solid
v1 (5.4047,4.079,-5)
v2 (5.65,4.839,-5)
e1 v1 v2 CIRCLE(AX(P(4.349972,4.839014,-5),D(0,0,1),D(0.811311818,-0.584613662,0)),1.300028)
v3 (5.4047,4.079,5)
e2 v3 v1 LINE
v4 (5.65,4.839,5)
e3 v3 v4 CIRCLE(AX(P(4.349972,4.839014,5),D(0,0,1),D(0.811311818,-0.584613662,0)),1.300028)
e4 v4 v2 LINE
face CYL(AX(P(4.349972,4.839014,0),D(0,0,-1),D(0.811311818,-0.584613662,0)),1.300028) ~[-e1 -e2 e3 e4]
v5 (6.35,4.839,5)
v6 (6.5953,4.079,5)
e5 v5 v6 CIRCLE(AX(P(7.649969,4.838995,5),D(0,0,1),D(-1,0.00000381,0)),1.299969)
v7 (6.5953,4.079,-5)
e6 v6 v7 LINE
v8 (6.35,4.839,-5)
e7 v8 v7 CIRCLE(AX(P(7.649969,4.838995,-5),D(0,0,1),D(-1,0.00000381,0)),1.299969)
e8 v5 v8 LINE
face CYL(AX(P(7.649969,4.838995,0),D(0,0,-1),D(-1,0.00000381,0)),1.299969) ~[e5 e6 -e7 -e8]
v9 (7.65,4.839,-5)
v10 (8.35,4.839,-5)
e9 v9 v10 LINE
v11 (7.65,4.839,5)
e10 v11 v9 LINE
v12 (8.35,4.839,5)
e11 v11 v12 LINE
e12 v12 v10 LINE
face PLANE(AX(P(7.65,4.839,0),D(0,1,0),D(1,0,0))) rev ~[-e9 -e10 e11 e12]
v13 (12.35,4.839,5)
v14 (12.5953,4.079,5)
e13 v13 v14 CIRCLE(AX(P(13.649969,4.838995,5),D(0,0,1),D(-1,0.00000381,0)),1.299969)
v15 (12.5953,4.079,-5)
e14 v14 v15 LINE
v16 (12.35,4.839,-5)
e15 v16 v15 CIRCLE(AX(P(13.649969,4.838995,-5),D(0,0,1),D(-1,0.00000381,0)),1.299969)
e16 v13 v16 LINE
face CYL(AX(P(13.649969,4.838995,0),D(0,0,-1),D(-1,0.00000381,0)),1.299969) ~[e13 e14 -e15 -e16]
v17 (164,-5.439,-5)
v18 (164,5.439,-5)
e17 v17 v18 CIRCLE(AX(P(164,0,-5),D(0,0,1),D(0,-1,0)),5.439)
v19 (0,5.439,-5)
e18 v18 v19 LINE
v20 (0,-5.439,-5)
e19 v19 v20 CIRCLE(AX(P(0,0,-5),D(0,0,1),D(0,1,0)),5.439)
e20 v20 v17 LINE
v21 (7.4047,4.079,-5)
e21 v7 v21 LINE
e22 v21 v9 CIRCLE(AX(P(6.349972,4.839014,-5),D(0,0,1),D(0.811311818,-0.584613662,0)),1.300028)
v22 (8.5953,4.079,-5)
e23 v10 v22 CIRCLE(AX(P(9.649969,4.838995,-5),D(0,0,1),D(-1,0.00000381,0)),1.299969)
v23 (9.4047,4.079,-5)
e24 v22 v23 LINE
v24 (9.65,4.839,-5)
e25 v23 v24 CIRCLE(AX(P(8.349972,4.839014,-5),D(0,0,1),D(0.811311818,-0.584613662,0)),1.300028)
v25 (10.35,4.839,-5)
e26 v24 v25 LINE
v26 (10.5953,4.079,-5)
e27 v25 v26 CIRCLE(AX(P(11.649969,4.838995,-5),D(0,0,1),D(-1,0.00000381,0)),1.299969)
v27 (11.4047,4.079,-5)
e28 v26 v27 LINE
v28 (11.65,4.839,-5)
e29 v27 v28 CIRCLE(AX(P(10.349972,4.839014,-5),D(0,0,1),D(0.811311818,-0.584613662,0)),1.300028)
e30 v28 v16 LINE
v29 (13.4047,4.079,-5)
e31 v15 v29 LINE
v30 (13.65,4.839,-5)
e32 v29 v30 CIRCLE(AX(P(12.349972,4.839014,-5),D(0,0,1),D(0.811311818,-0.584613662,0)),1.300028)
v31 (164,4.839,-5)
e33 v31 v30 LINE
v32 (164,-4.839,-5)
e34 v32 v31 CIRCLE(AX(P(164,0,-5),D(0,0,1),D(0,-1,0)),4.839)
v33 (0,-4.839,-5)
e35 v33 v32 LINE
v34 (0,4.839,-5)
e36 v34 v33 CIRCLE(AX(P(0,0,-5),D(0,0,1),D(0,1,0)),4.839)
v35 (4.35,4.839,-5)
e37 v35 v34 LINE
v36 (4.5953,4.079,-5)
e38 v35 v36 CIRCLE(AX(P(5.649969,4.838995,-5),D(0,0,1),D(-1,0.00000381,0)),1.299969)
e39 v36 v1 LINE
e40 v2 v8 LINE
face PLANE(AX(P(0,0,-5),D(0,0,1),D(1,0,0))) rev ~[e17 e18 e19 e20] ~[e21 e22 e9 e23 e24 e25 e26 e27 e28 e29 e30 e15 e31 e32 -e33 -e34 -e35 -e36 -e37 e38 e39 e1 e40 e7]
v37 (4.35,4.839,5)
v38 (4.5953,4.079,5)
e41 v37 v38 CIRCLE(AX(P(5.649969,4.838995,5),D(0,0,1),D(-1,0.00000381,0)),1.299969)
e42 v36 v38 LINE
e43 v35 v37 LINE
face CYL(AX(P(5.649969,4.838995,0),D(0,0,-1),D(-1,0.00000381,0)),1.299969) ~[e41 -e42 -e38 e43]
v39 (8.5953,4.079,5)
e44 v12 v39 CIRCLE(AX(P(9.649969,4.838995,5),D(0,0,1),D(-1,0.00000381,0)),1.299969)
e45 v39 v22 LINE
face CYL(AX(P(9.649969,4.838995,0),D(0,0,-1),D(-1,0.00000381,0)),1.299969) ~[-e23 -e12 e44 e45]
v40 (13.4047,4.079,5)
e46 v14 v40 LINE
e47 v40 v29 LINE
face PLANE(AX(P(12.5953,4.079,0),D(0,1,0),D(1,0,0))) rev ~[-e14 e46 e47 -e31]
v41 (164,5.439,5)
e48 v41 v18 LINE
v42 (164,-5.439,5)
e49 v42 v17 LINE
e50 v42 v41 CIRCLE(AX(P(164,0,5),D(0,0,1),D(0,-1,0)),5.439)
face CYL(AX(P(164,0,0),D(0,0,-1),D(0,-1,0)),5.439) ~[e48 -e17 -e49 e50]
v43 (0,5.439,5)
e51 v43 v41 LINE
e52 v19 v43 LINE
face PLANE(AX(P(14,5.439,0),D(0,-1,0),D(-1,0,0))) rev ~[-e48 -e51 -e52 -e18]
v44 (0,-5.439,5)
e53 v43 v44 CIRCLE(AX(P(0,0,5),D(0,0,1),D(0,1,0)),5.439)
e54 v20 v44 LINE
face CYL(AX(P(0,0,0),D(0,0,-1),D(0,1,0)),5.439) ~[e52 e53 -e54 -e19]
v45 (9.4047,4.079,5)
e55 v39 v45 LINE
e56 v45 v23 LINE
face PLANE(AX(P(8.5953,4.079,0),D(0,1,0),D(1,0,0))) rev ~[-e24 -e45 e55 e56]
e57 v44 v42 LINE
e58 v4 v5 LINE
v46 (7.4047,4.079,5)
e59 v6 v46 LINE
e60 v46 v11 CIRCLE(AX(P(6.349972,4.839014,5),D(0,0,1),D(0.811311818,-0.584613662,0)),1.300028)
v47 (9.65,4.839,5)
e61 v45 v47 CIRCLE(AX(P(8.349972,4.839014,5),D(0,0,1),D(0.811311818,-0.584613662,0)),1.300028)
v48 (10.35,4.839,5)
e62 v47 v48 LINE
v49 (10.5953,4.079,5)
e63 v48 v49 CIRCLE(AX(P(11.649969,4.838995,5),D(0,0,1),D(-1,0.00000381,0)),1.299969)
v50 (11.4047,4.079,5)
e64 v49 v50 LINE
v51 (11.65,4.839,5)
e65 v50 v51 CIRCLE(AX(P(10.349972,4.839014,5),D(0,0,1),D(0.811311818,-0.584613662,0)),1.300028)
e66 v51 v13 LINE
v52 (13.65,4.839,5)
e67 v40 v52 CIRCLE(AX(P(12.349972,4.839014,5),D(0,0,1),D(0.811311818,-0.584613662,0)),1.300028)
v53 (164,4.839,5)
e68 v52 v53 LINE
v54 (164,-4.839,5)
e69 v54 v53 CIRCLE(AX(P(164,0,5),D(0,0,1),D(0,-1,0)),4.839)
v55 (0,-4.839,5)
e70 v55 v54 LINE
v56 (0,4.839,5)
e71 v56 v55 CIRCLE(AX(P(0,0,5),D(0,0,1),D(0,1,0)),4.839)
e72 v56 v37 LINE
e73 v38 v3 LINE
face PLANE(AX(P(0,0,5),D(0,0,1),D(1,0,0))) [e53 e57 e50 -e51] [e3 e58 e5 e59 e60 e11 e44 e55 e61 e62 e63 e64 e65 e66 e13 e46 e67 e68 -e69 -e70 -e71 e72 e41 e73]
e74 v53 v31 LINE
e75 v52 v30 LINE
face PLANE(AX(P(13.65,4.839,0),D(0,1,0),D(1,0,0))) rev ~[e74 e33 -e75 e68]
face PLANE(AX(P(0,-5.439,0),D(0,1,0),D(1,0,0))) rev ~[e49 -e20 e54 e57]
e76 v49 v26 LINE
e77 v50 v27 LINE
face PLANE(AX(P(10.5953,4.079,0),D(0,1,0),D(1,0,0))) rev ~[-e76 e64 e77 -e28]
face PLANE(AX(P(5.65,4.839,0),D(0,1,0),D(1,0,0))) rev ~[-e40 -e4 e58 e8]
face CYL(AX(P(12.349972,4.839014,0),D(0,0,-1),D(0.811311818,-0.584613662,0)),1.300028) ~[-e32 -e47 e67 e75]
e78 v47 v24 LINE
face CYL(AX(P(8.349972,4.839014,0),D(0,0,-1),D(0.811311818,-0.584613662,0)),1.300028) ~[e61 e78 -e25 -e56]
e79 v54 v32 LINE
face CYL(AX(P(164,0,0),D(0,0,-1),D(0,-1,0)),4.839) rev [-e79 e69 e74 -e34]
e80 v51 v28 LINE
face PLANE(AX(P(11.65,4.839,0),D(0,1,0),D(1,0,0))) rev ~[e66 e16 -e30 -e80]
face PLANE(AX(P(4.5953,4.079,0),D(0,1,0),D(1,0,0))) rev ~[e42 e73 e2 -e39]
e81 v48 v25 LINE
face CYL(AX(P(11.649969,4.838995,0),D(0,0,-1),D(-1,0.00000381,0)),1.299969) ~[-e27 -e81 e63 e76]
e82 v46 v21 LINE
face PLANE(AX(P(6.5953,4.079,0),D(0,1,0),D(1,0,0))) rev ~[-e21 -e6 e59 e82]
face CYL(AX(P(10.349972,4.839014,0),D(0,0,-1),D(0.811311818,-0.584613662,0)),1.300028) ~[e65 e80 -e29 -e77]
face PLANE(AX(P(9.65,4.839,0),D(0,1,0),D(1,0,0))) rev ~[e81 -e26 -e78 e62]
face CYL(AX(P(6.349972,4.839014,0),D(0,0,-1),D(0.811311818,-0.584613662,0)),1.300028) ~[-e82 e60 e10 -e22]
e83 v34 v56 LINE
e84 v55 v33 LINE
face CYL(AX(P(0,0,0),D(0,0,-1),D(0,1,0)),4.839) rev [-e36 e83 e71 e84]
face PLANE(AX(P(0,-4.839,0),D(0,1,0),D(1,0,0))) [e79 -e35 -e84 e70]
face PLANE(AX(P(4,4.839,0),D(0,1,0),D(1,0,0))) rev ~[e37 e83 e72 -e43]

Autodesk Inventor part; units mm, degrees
sketch "Sketch_1" plane through (0, 0, 0) normal (0, 0, 1) x (1, 0, 0)
  line L0 (4, 4.839) -> (4.35, 4.839)
  arc A0 (4.35, 4.839) -> (4.5953, 4.079) centre (5.65, 4.839) ccw
  line L1 (4.5953, 4.079) -> (5.4047, 4.079)
  arc A1 (5.4047, 4.079) -> (5.65, 4.839) centre (4.35, 4.839) ccw
  line L2 (5.65, 4.839) -> (6.35, 4.839)
  arc A2 (6.35, 4.839) -> (6.5953, 4.079) centre (7.65, 4.839) ccw
  line L3 (6.5953, 4.079) -> (7.4047, 4.079)
  arc A3 (7.4047, 4.079) -> (7.65, 4.839) centre (6.35, 4.839) ccw
  line L4 (7.65, 4.839) -> (8.35, 4.839)
  arc A4 (8.35, 4.839) -> (8.5953, 4.079) centre (9.65, 4.839) ccw
  line L5 (8.5953, 4.079) -> (9.4047, 4.079)
  arc A5 (9.4047, 4.079) -> (9.65, 4.839) centre (8.35, 4.839) ccw
  line L6 (9.65, 4.839) -> (10.35, 4.839)
  arc A6 (10.35, 4.839) -> (10.5953, 4.079) centre (11.65, 4.839) ccw
  line L7 (10.5953, 4.079) -> (11.4047, 4.079)
  arc A7 (11.4047, 4.079) -> (11.65, 4.839) centre (10.35, 4.839) ccw
  line L8 (11.65, 4.839) -> (12.35, 4.839)
  arc A8 (12.35, 4.839) -> (12.5953, 4.079) centre (13.65, 4.839) ccw
  line L9 (12.5953, 4.079) -> (13.4047, 4.079)
  arc A9 (13.4047, 4.079) -> (13.65, 4.839) centre (12.35, 4.839) ccw
  line L10 (13.65, 4.839) -> (14, 4.839)
  line L11 (14, 4.839) -> (14, 5.439)
  line L12 (14, 5.439) -> (4, 5.439)
  line L13 (4, 5.439) -> (4, 4.839)
extrude "Extrusion1" add sketch "Sketch_1" along normal mid plane 10
sketch "Sketch_3" plane through (0, 0, 0) normal (0, 0, 1) x (1, 0, 0)
  arc A0 (0, 5.439) -> (0, -5.439) centre (0, 0) ccw
  line L0 (0, -5.439) -> (164, -5.439)
  arc A1 (164, -5.439) -> (164, 5.439) centre (164, 0) ccw
  line L1 (164, 5.439) -> (0, 5.439)
  arc A2 (0, 4.839) -> (0, -4.839) centre (0, 0) ccw
  line L2 (0, -4.839) -> (164, -4.839)
  arc A3 (164, -4.839) -> (164, 4.839) centre (164, 0) ccw
  line L3 (164, 4.839) -> (0, 4.839)
extrude "Extrusion2" add sketch "Sketch_3" along normal mid plane 10
ref_plane "C1_XY" through (0, 0, 0) normal (0, 0, 1) x (1, 0, 0)
ref_plane "C1_YZ" through (0, 0, 0) normal (1, 0, 0) x (0, 1, 0)
ref_plane "C1_ZX" through (0, 0, 0) normal (0, 1, 0) x (0, 0, 1)
ref_plane "C2_XY" through (164, 0, 0) normal (0, 0, 1) x (1, 0, 0)
ref_plane "C2_YZ" through (164, 0, 0) normal (1, 0, 0) x (0, 1, 0)
ref_plane "C2_ZX" through (164, 0, 0) normal (0, 1, 0) x (0, 0, 1)
properties part number "HTBN360S2M-100_info-1-16-16"
